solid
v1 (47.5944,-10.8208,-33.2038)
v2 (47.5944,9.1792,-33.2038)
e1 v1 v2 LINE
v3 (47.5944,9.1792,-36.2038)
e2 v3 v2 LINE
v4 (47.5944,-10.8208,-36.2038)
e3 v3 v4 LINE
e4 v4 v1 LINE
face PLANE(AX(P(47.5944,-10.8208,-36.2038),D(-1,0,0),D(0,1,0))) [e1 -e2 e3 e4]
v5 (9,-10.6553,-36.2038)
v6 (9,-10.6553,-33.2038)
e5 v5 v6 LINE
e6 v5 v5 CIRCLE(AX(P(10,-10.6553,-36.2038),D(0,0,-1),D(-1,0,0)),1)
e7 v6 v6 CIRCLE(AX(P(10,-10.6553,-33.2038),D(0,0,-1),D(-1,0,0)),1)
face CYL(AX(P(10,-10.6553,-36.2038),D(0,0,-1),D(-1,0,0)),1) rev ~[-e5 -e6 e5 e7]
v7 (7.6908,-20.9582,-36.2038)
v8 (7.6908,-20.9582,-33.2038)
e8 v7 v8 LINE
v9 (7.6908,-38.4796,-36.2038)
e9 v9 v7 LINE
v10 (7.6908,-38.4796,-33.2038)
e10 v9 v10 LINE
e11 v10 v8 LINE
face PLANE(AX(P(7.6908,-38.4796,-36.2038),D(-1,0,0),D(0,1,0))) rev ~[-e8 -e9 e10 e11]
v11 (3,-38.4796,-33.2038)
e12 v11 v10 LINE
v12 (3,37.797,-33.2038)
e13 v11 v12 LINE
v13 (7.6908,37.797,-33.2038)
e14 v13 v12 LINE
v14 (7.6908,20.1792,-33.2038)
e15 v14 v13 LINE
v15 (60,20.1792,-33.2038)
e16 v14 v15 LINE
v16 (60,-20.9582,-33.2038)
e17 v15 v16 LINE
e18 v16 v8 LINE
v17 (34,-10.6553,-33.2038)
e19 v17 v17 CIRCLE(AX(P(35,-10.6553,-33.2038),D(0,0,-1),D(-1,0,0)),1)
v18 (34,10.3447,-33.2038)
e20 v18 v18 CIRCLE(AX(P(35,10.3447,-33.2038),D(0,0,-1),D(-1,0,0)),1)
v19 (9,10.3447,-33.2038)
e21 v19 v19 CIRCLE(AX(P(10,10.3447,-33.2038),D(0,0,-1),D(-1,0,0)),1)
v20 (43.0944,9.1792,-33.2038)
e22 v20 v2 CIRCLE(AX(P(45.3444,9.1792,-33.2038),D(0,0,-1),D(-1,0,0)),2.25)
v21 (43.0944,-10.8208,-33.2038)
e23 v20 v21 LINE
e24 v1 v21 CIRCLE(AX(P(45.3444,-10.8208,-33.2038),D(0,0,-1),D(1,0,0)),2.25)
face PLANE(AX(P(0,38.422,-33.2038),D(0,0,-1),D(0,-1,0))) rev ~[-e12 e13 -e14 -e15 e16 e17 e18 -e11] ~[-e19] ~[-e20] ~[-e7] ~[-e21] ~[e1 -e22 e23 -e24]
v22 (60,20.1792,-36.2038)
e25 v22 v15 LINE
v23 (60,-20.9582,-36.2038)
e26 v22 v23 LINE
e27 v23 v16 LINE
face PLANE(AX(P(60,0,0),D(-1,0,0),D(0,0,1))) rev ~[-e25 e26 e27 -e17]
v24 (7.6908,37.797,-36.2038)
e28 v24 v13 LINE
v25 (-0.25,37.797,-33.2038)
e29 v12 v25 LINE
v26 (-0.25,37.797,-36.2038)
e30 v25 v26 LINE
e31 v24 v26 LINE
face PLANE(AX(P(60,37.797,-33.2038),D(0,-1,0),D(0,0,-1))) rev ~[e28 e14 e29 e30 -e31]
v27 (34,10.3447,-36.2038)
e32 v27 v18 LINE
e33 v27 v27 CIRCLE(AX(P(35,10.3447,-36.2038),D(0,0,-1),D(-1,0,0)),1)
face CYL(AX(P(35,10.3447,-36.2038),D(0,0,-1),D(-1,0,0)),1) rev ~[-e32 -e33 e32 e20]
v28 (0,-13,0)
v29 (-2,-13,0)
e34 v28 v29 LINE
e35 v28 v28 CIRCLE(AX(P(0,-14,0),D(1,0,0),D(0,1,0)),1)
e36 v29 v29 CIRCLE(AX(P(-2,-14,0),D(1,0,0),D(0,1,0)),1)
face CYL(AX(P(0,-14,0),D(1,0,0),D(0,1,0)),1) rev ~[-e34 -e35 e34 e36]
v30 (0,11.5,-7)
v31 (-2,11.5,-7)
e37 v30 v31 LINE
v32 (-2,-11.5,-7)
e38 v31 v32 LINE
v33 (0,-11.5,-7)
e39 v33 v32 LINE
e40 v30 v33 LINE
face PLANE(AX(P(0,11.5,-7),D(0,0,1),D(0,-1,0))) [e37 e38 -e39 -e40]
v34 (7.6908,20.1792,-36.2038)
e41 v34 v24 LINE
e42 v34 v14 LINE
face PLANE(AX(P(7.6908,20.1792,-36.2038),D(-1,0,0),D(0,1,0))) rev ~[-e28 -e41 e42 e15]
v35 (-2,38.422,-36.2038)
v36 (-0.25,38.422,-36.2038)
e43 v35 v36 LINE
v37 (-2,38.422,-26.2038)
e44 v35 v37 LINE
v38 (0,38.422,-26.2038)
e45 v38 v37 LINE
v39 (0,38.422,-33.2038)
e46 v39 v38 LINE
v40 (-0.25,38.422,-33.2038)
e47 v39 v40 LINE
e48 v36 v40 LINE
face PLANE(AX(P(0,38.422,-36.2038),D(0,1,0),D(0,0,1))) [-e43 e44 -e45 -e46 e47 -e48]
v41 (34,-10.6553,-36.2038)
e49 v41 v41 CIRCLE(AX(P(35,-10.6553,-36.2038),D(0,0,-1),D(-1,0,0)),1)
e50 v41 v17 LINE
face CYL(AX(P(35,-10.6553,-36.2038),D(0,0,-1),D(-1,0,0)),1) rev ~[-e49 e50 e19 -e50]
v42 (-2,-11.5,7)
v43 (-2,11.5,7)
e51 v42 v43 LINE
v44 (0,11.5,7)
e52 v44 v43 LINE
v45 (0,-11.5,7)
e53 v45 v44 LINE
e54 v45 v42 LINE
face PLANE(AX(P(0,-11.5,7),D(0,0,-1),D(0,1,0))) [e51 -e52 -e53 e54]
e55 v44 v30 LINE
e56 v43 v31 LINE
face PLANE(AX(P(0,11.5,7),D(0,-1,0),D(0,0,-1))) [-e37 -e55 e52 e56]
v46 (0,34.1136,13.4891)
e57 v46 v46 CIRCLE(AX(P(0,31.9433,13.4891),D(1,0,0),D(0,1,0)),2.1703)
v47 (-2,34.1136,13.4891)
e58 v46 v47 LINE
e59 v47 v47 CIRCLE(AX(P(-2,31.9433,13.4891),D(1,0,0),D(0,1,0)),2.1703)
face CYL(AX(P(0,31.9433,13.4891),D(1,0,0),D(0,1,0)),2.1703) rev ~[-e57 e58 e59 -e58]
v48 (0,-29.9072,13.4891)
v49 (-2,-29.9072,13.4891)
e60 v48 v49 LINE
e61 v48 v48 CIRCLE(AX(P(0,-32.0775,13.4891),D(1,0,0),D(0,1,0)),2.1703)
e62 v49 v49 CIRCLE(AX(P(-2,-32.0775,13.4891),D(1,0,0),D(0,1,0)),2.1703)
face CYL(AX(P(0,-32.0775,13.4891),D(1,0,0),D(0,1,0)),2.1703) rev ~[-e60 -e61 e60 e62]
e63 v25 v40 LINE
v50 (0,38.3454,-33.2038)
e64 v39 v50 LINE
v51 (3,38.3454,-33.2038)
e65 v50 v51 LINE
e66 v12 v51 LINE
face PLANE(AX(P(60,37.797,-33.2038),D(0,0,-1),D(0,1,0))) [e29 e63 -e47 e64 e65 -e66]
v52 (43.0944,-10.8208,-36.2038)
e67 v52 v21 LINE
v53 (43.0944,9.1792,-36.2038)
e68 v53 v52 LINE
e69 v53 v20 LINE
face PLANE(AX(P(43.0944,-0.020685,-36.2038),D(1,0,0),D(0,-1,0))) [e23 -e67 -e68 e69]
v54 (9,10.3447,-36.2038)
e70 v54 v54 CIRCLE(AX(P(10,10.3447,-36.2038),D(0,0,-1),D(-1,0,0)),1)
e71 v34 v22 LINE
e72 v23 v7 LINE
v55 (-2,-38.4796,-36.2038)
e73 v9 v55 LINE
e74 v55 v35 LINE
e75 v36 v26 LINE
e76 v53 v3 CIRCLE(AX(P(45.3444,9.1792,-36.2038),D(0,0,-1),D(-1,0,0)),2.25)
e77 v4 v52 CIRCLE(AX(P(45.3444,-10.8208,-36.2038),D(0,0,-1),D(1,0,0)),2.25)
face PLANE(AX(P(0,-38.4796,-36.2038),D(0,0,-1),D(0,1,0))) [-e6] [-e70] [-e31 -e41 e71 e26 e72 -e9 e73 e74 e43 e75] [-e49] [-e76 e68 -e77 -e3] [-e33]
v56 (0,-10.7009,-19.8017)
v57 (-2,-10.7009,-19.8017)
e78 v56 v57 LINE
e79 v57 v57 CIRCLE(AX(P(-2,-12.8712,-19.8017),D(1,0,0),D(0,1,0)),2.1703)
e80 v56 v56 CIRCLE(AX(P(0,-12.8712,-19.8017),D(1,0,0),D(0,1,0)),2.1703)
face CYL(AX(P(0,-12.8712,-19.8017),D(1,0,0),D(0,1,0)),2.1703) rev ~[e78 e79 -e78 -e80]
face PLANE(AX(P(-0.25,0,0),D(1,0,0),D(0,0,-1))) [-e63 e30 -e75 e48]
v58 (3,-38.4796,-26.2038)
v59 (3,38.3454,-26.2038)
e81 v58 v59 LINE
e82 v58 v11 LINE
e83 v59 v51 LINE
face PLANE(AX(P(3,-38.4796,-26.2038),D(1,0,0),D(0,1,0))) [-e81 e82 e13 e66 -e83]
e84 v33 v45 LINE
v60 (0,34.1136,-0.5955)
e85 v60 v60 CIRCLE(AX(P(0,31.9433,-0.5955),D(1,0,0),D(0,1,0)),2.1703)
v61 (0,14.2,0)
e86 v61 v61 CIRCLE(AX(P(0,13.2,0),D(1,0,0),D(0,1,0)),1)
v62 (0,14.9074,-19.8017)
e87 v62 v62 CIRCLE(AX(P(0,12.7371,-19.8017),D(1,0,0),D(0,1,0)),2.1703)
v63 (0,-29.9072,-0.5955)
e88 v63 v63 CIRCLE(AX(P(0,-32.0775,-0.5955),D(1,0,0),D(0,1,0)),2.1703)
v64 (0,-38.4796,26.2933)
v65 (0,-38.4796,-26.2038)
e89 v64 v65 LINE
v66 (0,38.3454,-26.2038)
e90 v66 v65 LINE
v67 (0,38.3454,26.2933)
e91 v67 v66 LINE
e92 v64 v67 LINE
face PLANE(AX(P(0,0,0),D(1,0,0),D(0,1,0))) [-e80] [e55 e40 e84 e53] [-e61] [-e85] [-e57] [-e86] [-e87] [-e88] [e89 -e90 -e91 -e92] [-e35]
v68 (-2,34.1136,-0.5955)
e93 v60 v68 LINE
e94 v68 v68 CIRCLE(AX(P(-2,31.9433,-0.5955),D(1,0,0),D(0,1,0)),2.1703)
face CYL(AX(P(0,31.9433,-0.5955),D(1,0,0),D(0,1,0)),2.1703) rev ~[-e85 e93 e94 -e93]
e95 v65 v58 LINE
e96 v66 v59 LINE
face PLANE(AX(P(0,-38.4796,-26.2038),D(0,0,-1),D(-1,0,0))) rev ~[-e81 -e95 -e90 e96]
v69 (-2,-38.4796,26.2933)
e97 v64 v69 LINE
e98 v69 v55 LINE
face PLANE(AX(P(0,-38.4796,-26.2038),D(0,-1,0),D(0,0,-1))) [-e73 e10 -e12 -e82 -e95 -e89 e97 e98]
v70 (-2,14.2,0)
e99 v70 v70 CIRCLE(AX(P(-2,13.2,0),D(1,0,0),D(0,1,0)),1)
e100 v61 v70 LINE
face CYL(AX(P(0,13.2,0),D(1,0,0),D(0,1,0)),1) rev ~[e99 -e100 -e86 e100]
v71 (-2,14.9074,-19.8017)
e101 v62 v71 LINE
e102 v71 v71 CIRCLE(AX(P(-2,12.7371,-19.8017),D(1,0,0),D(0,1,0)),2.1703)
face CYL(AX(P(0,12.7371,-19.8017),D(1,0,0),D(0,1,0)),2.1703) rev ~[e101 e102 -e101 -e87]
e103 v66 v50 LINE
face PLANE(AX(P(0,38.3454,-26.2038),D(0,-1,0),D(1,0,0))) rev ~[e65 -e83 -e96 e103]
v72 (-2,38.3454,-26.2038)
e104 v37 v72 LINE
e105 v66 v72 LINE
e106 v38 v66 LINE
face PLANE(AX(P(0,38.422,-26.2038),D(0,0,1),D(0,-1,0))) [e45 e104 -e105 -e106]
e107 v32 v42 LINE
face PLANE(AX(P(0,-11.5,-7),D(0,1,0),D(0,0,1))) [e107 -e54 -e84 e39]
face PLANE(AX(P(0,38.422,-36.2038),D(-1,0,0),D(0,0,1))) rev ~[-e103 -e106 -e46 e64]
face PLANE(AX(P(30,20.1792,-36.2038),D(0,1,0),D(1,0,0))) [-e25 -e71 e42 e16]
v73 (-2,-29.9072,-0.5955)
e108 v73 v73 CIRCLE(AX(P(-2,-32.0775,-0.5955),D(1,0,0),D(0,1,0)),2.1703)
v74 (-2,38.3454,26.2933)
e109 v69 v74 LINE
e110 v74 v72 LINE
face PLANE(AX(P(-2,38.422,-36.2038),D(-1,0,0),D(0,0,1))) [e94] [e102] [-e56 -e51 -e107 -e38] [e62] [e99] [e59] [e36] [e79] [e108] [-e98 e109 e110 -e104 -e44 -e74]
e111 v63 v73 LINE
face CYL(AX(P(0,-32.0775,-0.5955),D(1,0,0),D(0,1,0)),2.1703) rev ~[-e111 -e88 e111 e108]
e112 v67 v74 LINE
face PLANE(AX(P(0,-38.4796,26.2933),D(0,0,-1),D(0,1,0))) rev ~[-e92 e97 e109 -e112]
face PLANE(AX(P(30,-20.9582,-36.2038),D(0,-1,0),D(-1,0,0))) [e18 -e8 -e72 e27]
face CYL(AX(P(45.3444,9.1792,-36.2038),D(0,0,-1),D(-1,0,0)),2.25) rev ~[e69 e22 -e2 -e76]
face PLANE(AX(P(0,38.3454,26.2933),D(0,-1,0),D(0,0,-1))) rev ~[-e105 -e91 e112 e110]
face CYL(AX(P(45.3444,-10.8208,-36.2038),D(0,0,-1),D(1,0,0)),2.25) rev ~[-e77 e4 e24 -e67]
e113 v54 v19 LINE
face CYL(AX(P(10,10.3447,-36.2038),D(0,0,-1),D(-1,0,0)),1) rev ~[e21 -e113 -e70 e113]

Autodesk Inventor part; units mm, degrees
sketch "Sketch1" plane through (0, 0, 0) normal (1, 0, 0) x (0, 1, 0)
  circle A0 centre (-12.8712, -19.8017) radius 2.1703
  circle A1 centre (-32.0775, -0.5955) radius 2.1703
  circle A2 centre (31.9433, -0.5955) radius 2.1703
  circle A3 centre (31.9433, 13.4891) radius 2.1703
  circle A4 centre (-32.0775, 13.4891) radius 2.1703
  circle A5 centre (12.7371, -19.8017) radius 2.1703
  line L0 (38.3454, 26.2933) -> (38.3454, -26.2038)
  line L1 (-38.4796, 26.2933) -> (38.3454, 26.2933)
  line L2 (-38.4796, 26.2933) -> (-38.4796, -26.2038)
  line L3 (38.3454, -26.2038) -> (-38.4796, -26.2038)
  circle A6 centre (-32.0775, 13.4891) radius 2.1703
  circle A7 centre (-32.0775, -0.5955) radius 2.1703
  line L4 (11.5, -7) -> (-11.5, -7)
  line L5 (-11.5, -7) -> (-11.5, 7)
  line L6 (-11.5, 7) -> (11.5, 7)
  line L7 (11.5, 7) -> (11.5, -7)
  line L8 (11.5, -7) -> (-11.5, 7) construction
  line L9 (-11.5, -7) -> (11.5, 7) construction
  circle A8 centre (13.2, 0) radius 1
  circle A9 centre (-14, 0) radius 1
  point P0 (0, 0)
  point P1 (-11.5, 0)
  dimension "d26" = 23
  dimension "d27" = 14
  dimension "d28" = 27.2
  dimension "d29" = 2
  dimension "d30" = 2.5
ref_plane "Work Plane6" through (0, -38.4796, -26.2038) normal (0, 0, -1) x (-1, 0, 0)
sketch "Sketch3" plane through (0, -38.4796, -26.2038) normal (0, 0, -1) x (-1, 0, 0)
  line L0 (0, 76.825) -> (-3, 76.825) projected
  line L1 (0, 0) -> (-3, 0) projected
  line L2 (-3, 76.825) -> (0, 76.825)
  line L3 (0, 76.825) -> (0, 0)
  line L4 (0, 0) -> (-3, 0)
  line L5 (-3, 0) -> (-3, 76.825)
  line L6 (0, 0) -> (0, 76.825) projected
  line L7 (-3, 0) -> (-3, 76.825) projected
  line L8 (0.01, -0.01) -> (0.01, 76.835)
  line L9 (0.01, 76.835) -> (-3.01, 76.835)
  line L10 (-3.01, 76.835) -> (-3.01, -0.01)
  line L11 (-3.01, -0.01) -> (0.01, -0.01)
  point P0 (0, 38.4796)
  dimension "d3" = 0.01
extrude "Extrusion2" add sketch "Sketch3" along normal blind 10 contours L3 L1 L5 L0
ref_plane "Work Plane3" through (0, 0, 0) normal (-1, 0, 0) x (0, 0, 1)
sketch "Sketch4" plane through (0, 0, 0) normal (-1, 0, 0) x (0, 0, 1)
  line L0 (26.2933, -38.4796) -> (-36.2038, -38.4796) projected
  line L1 (-36.2038, 38.422) -> (-33.2038, 38.422)
  line L2 (-33.2038, 38.422) -> (-33.2038, -38.4796)
  line L3 (-33.2038, -38.4796) -> (-36.2038, -38.4796)
  line L4 (-36.2038, -38.4796) -> (-36.2038, 38.422)
  line L5 (-36.2038, 38.3454) -> (-36.2038, -38.4796) projected
  point P0 (0, 0)
  dimension "d8" = 3
extrude "Extrusion3" add sketch "Sketch4" against normal blind 60
ref_plane "Work Plane1" through (0, -38.4796, -36.2038) normal (0, 0, -1) x (-1, 0, 0)
ref_plane "Work Plane4" through (0, -38.4796, -36.2038) normal (0, 0, -1) x (-1, 0, 0)
sketch "Sketch6" plane through (0, -38.4796, -36.2038) normal (0, 0, -1) x (-1, 0, 0)
  line L0 (0, 38.4796) -> (-60, 38.4508)
  line L1 (-60, 0) -> (-60, 76.9016) projected
  line L2 (-30, 76.2766) -> (-30, 0)
  line L3 (-43.0944, 47.6588) -> (-43.0944, 27.6588)
  arc A0 (-47.5944, 27.6588) -> (-43.0944, 27.6588) centre (-45.3444, 27.6588) ccw
  line L4 (-47.5944, 27.6588) -> (-47.5944, 47.6588)
  arc A1 (-43.0944, 47.6588) -> (-47.5944, 47.6588) centre (-45.3444, 47.6588) ccw
  circle A2 centre (-35, 27.8243) radius 1
  circle A3 centre (-10, 27.8243) radius 1
  circle A4 centre (-35, 48.8243) radius 1
  circle A5 centre (-10, 48.8243) radius 1
  line L5 (-57.8444, 58.6588) -> (-57.8444, 17.5214)
  line L6 (-57.8444, 17.5214) -> (-2.3444, 17.5214)
  line L7 (-2.3444, 17.5214) -> (-2.3444, 58.6588)
  line L8 (-2.3444, 58.6588) -> (-57.8444, 58.6588)
  line L9 (-57.8444, 58.6588) -> (-60, 58.6588)
  line L10 (-2.3444, 58.6588) -> (0, 58.6588)
  line L11 (0, 58.6588) -> (0, 17.5214)
  line L12 (0, 17.5214) -> (-2.3444, 17.5214)
  line L13 (-57.8444, 17.5214) -> (-60, 17.5214)
  line L14 (0, 0) -> (-60, 0) projected
  line L15 (-7.6908, 17.5214) -> (-60, 17.5214)
  line L16 (-60, 17.5214) -> (-60, 0)
  line L17 (-60, 0) -> (-7.6908, 0)
  line L18 (-7.6908, 0) -> (-7.6908, 17.5214)
  line L19 (-7.6908, 76.2766) -> (-60, 76.2766)
  line L20 (-60, 76.2766) -> (-60, 58.6588)
  line L21 (-60, 58.6588) -> (-7.6908, 58.6588)
  line L22 (-7.6908, 58.6588) -> (-7.6908, 76.2766)
  point P0 (0, 76.9016)
  point P1 (-57.8444, 34.2959)
  dimension "d12" = 25
  dimension "d13" = 35
  dimension "d14" = 35
  dimension "d15" = 25
extrude "Extrusion4" cut sketch "Sketch6" against normal blind 60 contours L3 A0 L4 L0 | L0 L4 A1 L3 | L8 L9 L1 L19 L2 | L2 L19 L22 L8 | L6 L18 L14 L2 | L2 L14 L1 L13 L6 | A2 | A3 | A4 | A5
sketch "Sketch7" plane through (0, -38.4796, -36.2038) normal (0, 0, -1) x (-1, 0, 0)
  point P0 (0, 38.4796)
extrude "Extrusion7" add sketch "Sketch1" against normal blind 2
ref_plane "Work Plane7" through (0, 38.422, -36.2038) normal (-1, 0, 0) x (0, 0, 1)
sketch "Sketch9" plane through (0, 38.422, -36.2038) normal (-1, 0, 0) x (0, 0, 1)
  line L0 (0, -76.9016) -> (0, 0) projected
  line L1 (0, 0) -> (10, 0)
  line L2 (10, 0) -> (10, -76.9016)
  line L3 (10, -76.9016) -> (0, -76.9016)
  line L4 (0, -76.9016) -> (0, 0)
  point P0 (36.2038, -38.422)
extrude "Extrusion8" add sketch "Sketch9" along normal blind 2
sketch "Sketch10" plane through (60, 0, 0) normal (1, 0, 0) x (0, 0, -1)
  line L0 (36.2038, 38.422) -> (33.2038, 38.422) projected
  line L1 (33.2038, 37.797) -> (36.2038, 37.797) projected
  line L2 (33.2038, 38.422) -> (36.2038, 38.422)
  line L3 (36.2038, 38.422) -> (36.2038, 37.797)
  line L4 (36.2038, 37.797) -> (33.2038, 37.797)
  line L5 (33.2038, 37.797) -> (33.2038, 38.422)
  point P0 (0, 0)
extrude "Extrusion9" cut sketch "Sketch10" against normal blind 60.25
properties part number "cameramount"
